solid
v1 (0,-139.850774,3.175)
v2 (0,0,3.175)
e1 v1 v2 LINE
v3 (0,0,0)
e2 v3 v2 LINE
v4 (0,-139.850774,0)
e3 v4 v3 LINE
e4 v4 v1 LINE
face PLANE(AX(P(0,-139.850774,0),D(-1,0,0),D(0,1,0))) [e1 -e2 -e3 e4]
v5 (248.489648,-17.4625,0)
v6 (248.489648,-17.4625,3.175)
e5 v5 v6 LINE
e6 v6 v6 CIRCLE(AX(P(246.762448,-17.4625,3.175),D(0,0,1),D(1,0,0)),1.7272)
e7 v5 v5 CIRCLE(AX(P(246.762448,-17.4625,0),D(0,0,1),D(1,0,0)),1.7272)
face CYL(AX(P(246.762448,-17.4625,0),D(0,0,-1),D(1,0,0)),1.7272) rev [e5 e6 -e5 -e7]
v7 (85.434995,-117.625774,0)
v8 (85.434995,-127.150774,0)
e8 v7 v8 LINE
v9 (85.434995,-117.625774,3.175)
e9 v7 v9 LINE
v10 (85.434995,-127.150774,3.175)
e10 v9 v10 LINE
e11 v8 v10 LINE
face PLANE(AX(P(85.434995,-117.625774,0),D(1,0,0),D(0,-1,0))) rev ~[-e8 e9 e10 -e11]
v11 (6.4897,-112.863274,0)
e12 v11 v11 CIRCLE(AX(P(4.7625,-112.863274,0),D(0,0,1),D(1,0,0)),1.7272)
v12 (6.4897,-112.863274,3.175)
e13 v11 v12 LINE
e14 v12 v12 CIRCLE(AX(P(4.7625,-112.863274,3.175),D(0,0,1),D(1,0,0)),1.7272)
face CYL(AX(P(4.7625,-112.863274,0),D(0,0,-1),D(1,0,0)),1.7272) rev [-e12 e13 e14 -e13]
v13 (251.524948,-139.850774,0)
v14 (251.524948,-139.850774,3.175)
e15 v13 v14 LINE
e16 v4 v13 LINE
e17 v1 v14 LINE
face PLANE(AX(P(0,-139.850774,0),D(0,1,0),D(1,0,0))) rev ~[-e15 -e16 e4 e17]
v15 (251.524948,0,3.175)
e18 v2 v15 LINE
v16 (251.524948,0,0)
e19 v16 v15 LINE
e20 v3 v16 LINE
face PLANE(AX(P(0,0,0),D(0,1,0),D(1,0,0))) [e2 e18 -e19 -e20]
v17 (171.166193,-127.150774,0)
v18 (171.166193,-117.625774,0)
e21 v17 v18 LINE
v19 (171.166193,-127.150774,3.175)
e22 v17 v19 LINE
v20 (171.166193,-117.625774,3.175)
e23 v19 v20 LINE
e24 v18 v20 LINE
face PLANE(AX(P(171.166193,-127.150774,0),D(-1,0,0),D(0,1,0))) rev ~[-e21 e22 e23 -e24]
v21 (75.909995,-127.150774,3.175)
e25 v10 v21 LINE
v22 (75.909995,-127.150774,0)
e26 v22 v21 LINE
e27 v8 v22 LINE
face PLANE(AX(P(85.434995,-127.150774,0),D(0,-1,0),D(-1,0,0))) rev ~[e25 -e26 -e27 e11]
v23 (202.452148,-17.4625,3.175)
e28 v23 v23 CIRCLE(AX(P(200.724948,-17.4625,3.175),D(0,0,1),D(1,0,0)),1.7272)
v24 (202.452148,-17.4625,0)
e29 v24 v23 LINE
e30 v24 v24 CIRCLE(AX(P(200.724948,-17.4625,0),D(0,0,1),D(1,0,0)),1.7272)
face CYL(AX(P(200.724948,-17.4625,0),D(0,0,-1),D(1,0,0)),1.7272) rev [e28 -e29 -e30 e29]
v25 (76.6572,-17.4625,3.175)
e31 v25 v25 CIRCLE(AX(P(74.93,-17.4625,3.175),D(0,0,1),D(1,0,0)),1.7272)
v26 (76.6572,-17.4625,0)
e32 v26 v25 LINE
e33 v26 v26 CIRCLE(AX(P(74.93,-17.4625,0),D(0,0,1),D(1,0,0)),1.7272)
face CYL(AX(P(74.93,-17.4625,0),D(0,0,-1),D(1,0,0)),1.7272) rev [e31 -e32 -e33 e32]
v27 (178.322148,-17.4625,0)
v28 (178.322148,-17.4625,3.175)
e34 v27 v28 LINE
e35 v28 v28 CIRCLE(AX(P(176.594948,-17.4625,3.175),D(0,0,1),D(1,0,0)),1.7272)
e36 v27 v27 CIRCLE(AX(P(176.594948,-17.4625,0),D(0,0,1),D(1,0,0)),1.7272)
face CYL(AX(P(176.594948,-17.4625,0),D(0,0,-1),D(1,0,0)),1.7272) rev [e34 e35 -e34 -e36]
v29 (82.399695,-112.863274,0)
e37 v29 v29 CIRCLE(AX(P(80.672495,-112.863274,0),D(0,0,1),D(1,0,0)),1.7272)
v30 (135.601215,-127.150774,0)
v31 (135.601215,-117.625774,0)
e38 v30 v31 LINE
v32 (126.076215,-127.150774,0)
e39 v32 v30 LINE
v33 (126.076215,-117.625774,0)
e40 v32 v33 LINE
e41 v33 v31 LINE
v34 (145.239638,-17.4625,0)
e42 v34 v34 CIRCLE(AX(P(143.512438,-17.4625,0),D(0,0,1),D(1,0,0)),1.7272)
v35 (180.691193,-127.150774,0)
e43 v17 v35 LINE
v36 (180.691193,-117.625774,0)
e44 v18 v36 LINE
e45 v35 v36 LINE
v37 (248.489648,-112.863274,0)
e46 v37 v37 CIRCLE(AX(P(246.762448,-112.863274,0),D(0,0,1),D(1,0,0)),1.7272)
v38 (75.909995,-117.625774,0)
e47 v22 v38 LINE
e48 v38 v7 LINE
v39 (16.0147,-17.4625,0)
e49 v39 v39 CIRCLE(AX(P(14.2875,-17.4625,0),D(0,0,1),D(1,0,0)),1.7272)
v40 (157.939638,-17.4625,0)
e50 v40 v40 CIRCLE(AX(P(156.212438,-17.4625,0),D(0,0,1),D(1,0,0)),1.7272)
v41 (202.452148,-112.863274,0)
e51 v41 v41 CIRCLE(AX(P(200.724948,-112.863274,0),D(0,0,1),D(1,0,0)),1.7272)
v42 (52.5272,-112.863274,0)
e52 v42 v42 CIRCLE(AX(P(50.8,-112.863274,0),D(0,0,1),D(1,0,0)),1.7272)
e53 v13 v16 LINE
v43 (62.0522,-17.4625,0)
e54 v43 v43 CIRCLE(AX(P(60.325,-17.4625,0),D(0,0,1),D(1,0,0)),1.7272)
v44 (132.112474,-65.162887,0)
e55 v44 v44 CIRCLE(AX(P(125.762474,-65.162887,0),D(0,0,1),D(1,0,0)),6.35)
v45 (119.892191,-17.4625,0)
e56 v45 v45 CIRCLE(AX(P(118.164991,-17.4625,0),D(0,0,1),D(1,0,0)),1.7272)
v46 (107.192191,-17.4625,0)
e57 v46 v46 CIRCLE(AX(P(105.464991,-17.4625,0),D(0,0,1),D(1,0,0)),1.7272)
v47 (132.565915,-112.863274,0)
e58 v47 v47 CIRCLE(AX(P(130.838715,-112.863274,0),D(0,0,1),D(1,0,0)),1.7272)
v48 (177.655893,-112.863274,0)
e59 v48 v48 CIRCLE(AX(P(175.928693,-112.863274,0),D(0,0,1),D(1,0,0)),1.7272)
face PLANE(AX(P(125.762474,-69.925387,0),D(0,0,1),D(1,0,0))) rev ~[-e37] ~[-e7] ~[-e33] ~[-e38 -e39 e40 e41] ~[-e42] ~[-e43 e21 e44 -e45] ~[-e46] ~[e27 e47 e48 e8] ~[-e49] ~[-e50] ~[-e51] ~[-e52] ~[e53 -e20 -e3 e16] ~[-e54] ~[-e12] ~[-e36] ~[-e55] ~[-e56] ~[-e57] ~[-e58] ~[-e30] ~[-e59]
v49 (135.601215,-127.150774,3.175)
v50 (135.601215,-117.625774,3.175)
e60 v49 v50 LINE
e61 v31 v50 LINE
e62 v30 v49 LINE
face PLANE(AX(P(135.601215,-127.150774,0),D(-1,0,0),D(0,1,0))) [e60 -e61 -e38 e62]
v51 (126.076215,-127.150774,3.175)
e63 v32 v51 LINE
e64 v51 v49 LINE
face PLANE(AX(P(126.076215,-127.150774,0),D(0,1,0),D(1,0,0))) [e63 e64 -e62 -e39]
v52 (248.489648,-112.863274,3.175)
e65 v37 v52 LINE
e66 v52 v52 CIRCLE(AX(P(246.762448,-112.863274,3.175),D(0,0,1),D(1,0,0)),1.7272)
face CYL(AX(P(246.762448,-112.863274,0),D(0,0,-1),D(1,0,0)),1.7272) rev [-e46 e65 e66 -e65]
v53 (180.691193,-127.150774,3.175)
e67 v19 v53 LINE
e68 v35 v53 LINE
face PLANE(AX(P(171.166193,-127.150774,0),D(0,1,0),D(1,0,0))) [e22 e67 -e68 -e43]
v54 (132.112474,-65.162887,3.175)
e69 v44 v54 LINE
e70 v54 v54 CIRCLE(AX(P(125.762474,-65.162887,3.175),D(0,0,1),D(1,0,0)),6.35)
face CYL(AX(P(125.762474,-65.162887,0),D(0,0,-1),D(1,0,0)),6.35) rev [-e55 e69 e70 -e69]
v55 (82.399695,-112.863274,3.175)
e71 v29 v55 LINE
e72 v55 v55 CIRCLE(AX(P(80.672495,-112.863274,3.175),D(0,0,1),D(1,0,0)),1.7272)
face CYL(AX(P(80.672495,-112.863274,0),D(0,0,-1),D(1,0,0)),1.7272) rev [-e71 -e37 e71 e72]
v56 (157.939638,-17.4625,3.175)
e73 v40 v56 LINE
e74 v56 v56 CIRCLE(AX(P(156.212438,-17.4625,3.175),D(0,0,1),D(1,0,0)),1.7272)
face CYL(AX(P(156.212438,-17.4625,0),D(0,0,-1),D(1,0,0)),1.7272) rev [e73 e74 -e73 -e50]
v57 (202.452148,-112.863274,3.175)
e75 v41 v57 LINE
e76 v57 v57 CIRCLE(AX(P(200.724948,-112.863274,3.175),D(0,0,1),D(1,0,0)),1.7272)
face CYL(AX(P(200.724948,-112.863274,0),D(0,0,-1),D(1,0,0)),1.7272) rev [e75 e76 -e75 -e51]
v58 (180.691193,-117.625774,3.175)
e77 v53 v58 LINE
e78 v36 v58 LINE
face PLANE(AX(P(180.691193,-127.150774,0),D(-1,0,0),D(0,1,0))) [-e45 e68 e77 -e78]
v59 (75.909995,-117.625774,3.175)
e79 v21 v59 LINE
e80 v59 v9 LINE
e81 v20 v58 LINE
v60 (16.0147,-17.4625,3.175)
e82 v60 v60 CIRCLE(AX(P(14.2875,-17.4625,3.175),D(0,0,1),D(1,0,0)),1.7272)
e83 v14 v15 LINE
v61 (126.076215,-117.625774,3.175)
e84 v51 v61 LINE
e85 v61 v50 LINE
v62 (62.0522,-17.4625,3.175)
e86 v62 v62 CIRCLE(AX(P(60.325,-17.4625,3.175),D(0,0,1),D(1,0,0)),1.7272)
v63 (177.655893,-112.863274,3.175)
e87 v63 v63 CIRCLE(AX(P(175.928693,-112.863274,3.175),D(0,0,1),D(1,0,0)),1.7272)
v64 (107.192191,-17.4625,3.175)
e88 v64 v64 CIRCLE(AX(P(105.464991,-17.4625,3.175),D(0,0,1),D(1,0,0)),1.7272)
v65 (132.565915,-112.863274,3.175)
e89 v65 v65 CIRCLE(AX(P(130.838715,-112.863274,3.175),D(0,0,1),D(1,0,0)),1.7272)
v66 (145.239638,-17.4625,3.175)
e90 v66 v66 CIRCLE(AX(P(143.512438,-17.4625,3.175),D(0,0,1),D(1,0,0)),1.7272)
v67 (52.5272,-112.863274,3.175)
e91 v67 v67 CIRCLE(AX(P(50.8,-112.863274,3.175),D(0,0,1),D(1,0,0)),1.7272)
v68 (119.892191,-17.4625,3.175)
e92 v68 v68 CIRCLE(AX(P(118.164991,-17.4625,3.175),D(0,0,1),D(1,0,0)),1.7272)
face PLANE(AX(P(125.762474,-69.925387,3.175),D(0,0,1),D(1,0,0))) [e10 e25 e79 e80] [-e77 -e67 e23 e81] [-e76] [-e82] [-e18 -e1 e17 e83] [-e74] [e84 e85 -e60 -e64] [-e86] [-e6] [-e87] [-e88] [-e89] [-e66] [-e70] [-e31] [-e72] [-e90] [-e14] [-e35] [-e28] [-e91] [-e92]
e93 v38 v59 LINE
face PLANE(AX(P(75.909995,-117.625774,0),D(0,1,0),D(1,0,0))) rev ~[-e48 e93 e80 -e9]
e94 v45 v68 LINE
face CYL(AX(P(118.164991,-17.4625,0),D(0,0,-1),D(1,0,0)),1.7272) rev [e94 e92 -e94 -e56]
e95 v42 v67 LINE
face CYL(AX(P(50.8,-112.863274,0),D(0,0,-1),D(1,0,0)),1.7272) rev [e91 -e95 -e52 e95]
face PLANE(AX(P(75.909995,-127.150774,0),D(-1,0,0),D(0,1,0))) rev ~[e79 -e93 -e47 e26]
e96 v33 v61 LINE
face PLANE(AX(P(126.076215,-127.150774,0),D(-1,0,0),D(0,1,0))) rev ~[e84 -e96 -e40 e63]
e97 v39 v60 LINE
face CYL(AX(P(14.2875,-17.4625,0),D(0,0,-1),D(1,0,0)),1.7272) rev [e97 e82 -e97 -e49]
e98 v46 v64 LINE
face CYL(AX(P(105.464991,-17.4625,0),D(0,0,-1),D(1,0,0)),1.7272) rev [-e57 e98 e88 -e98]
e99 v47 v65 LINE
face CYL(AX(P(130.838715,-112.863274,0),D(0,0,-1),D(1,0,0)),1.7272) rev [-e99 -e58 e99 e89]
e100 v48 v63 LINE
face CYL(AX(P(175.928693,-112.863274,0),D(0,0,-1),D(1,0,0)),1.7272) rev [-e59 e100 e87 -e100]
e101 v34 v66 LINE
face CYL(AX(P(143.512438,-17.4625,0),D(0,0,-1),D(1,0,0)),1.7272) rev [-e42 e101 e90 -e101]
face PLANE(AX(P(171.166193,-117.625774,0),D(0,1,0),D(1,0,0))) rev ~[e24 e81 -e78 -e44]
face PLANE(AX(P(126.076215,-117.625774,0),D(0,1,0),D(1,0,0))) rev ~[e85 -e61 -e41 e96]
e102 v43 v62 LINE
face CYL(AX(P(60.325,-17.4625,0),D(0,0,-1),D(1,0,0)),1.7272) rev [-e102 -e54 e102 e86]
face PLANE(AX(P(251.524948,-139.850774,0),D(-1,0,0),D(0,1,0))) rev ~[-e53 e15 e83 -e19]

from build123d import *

# Parameters (mm, degrees)
F0_W     = 251.524948
F0_H     = 139.850774
F0_R     = 1.7272
F0_W_2   = 9.525
F0_H_2   = 9.525
F0_R_2   = 6.35
F1_DEPTH = 3.175


with BuildPart() as f1:
    # F0 (on Top) → F1 (new body)
    with BuildSketch(Plane.XY):
        with Locations((125.762474, -69.925387)):
            Rectangle(F0_W, F0_H)
        with Locations((4.7625, -112.863274)):
            Circle(F0_R, mode=Mode.SUBTRACT)
        with Locations((50.8, -112.863274)):
            Circle(F0_R, mode=Mode.SUBTRACT)
        Polygon((85.434995, -117.625774), (85.434995, -127.150774), (75.909995, -127.150774), (75.909995, -117.625774), align=None, mode=Mode.SUBTRACT)
        with Locations((80.672495, -112.863274)):
            Circle(F0_R, mode=Mode.SUBTRACT)
        with Locations((130.838715, -122.388274)):
            Rectangle(F0_W_2, F0_H_2, mode=Mode.SUBTRACT)
        with Locations((175.928693, -122.388274)):
            Rectangle(F0_W_2, F0_H_2, mode=Mode.SUBTRACT)
        with Locations((130.838715, -112.863274)):
            Circle(F0_R, mode=Mode.SUBTRACT)
        with Locations((175.928693, -112.863274)):
            Circle(F0_R, mode=Mode.SUBTRACT)
        with Locations((200.724948, -112.863274)):
            Circle(F0_R, mode=Mode.SUBTRACT)
        with Locations((246.762448, -112.863274)):
            Circle(F0_R, mode=Mode.SUBTRACT)
        with Locations((14.2875, -17.4625)):
            Circle(F0_R, mode=Mode.SUBTRACT)
        with Locations((60.325, -17.4625)):
            Circle(F0_R, mode=Mode.SUBTRACT)
        with Locations((74.93, -17.4625)):
            Circle(F0_R, mode=Mode.SUBTRACT)
        with Locations((105.464991, -17.4625)):
            Circle(F0_R, mode=Mode.SUBTRACT)
        with Locations((118.164991, -17.4625)):
            Circle(F0_R, mode=Mode.SUBTRACT)
        with Locations((125.762474, -65.162887)):
            Circle(F0_R_2, mode=Mode.SUBTRACT)
        with Locations((143.512438, -17.4625)):
            Circle(F0_R, mode=Mode.SUBTRACT)
        with Locations((156.212438, -17.4625)):
            Circle(F0_R, mode=Mode.SUBTRACT)
        with Locations((176.594948, -17.4625)):
            Circle(F0_R, mode=Mode.SUBTRACT)
        with Locations((200.724948, -17.4625)):
            Circle(F0_R, mode=Mode.SUBTRACT)
        with Locations((246.762448, -17.4625)):
            Circle(F0_R, mode=Mode.SUBTRACT)
    extrude(amount=F1_DEPTH)


solid = f1.part
